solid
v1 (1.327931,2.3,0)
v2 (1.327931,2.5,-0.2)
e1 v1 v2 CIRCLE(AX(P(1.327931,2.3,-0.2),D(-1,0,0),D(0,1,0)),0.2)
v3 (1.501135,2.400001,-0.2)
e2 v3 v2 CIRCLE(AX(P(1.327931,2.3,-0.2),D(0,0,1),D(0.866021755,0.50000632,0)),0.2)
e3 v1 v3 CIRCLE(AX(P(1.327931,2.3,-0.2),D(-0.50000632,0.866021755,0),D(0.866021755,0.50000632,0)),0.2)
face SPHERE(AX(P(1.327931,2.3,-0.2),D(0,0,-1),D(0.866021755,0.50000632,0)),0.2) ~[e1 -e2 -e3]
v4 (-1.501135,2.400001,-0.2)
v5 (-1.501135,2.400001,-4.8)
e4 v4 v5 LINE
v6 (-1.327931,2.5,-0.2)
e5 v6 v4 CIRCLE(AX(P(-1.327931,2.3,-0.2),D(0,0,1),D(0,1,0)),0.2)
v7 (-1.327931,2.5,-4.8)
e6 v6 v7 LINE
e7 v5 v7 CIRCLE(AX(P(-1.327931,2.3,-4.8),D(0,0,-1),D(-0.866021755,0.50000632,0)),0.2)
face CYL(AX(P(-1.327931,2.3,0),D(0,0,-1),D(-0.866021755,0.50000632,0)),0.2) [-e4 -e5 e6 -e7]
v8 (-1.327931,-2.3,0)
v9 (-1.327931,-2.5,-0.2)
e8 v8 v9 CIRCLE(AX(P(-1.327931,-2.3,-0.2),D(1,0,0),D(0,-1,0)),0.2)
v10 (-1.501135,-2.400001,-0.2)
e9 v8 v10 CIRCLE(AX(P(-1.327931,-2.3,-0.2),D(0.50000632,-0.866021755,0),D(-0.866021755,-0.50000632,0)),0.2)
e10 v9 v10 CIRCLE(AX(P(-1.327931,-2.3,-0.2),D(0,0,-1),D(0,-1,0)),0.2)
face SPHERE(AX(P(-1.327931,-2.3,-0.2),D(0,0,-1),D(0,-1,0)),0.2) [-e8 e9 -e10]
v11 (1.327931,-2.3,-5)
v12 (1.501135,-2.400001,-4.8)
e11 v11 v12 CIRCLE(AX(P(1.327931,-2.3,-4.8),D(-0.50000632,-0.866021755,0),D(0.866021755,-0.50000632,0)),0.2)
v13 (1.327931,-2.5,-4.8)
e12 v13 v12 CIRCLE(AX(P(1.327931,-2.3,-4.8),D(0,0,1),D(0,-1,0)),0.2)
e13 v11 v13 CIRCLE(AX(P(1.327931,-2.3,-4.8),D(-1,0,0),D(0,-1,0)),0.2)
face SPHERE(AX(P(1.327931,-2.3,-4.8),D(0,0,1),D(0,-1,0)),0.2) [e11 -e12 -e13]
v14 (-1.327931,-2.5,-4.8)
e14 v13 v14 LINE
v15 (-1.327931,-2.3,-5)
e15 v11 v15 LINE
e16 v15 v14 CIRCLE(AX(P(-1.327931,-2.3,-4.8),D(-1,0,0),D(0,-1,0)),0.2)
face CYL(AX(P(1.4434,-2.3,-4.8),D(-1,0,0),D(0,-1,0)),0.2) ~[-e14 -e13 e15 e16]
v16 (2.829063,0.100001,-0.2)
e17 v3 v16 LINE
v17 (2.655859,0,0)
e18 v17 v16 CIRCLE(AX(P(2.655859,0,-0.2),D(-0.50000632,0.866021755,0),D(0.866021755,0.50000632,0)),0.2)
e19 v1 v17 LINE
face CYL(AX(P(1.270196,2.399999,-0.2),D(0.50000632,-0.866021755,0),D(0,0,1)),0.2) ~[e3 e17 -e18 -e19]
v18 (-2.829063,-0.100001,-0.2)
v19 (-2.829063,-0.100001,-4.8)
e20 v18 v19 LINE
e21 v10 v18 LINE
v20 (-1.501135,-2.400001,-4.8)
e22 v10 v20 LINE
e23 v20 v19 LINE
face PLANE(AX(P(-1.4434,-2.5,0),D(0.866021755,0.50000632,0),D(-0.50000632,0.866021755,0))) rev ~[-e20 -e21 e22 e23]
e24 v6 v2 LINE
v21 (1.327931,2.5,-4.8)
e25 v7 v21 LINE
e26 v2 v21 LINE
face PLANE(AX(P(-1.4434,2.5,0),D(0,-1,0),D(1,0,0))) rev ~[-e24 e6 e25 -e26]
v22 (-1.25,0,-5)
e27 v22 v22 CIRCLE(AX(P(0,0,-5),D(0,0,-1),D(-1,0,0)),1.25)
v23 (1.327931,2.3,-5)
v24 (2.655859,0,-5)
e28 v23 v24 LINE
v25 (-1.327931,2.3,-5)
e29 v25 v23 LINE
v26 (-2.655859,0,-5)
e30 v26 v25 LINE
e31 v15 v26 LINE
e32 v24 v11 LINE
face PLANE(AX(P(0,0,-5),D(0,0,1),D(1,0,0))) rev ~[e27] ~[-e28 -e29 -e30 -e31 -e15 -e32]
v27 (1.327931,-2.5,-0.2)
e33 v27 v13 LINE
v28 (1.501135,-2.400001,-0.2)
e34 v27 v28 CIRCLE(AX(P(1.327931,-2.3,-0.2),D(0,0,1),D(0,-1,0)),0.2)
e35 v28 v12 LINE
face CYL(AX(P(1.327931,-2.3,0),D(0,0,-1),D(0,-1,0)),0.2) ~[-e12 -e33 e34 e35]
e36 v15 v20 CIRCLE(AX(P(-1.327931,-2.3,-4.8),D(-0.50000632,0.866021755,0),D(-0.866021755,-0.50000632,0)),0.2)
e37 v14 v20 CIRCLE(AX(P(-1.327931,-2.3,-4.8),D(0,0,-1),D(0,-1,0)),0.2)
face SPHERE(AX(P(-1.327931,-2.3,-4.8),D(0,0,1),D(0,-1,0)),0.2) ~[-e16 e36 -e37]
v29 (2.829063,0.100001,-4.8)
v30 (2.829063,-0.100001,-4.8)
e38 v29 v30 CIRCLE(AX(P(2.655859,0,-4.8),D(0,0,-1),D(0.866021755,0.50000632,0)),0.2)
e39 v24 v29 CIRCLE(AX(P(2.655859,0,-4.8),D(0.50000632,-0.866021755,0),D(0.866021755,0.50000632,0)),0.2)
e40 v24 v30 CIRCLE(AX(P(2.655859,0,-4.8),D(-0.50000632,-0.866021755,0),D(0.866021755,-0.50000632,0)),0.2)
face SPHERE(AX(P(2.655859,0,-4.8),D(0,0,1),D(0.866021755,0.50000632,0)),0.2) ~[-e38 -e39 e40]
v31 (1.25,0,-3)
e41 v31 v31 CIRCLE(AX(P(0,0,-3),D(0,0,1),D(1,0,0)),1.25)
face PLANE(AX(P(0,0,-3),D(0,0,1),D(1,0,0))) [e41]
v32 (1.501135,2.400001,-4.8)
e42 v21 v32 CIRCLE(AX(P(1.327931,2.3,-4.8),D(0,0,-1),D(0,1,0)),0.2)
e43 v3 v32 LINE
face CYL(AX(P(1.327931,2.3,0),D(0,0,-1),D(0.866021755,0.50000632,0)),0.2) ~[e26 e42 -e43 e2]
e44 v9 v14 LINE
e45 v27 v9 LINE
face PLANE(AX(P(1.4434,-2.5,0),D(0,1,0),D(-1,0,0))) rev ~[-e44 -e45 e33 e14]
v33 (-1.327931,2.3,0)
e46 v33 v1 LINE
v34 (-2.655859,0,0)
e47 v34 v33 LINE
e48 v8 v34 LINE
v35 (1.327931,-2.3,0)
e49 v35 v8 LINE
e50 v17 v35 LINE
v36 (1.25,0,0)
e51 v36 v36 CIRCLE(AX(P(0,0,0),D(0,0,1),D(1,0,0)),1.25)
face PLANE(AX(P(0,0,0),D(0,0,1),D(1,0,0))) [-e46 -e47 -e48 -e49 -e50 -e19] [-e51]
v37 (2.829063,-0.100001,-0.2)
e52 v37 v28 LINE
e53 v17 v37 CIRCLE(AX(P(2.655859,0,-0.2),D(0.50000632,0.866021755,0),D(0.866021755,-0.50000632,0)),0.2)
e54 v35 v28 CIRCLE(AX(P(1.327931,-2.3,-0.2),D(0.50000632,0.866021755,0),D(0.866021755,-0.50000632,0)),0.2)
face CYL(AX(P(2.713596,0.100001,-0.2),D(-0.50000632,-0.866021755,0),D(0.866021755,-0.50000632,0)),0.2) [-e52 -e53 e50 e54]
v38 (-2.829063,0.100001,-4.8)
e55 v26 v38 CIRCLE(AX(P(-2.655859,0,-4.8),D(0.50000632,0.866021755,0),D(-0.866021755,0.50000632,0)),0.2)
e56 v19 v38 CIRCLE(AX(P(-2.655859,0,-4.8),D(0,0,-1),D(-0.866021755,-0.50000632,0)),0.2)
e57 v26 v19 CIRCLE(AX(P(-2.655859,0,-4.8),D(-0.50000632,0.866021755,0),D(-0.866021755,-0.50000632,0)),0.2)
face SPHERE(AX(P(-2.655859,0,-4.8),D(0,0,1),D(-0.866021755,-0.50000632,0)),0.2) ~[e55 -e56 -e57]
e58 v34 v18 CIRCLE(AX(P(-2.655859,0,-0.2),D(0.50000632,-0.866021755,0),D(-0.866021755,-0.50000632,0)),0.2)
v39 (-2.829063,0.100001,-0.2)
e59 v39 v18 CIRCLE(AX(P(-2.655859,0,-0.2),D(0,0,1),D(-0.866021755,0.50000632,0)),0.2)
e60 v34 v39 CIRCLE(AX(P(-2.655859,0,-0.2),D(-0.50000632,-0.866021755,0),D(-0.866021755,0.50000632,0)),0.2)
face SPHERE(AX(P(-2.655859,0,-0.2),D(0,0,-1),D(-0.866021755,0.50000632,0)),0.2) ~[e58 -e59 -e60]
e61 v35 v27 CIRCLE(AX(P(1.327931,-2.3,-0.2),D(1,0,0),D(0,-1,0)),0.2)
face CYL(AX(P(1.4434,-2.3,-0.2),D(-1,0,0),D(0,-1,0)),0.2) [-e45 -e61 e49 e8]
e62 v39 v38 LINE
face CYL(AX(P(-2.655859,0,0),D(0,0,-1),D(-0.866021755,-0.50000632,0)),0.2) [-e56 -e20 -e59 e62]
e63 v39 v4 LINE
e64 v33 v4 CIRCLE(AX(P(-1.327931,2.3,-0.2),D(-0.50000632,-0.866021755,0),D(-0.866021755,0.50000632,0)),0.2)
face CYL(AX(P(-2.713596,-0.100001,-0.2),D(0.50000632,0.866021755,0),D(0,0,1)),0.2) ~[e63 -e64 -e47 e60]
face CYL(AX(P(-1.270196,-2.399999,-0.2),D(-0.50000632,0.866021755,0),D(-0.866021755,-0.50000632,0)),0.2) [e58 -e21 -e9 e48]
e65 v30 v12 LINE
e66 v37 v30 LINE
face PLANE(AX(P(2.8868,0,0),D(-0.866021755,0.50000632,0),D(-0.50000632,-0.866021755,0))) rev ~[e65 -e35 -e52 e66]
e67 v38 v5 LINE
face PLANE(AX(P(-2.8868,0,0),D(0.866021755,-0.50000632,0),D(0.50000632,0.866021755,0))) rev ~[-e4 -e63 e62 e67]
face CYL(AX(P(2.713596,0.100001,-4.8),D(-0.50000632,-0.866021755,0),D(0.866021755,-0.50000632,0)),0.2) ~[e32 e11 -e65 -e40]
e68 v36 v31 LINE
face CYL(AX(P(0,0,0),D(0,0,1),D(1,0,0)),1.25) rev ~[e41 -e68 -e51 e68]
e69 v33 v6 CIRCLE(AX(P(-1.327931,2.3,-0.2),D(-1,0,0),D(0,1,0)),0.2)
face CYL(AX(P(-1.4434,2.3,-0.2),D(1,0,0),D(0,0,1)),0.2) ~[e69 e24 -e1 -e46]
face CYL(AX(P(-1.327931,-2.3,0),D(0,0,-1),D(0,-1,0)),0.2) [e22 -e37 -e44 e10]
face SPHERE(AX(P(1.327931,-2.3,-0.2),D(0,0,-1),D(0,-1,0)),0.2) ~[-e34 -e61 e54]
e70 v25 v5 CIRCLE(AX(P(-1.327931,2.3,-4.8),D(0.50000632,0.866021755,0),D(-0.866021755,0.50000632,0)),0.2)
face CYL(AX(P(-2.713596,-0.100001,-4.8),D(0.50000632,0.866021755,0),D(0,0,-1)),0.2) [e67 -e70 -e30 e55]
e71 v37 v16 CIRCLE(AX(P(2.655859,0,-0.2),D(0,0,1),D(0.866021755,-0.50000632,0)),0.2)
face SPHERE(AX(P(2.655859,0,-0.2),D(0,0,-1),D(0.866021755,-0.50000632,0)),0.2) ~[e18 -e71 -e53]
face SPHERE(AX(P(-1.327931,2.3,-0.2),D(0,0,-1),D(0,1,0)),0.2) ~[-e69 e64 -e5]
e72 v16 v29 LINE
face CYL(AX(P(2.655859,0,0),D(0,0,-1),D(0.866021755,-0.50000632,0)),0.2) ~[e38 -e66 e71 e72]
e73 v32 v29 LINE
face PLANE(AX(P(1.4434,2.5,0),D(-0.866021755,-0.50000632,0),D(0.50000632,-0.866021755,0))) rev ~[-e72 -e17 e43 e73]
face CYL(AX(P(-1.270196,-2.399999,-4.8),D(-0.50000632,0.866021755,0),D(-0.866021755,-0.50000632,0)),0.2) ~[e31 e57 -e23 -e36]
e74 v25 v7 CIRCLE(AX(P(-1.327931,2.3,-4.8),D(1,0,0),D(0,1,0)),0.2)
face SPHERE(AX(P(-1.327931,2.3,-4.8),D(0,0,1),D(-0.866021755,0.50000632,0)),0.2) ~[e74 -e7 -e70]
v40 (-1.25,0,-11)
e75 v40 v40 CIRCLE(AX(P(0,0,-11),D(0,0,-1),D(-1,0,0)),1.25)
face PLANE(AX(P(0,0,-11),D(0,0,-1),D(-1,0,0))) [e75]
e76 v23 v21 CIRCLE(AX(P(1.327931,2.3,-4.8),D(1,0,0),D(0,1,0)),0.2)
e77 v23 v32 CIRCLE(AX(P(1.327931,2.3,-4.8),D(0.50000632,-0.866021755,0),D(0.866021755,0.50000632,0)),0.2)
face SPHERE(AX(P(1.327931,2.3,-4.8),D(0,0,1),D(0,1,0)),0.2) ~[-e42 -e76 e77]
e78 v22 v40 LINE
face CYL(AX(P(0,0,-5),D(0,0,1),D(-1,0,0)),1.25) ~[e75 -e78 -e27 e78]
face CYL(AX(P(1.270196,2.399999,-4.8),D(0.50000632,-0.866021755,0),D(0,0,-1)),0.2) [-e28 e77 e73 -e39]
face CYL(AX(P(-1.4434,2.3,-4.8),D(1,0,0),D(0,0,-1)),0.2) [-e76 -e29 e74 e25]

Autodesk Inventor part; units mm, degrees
ref_plane "YZ Plane" through (0, 0, 0) normal (1, 0, 0) x (0, 1, 0)
ref_plane "XZ Plane" through (0, 0, 0) normal (0, 1, 0) x (-1, 0, 0)
ref_plane "XY Plane" through (0, 0, 0) normal (0, 0, 1) x (1, 0, 0)
sketch "Sketch1" plane through (0, 0, 0) normal (0, 0, 1) x (1, 0, 0)
  line L0 (1.4434, -2.5) -> (-1.4434, -2.5)
  line L1 (-1.4434, -2.5) -> (-2.8868, 0)
  line L2 (-2.8868, 0) -> (-1.4434, 2.5)
  line L3 (-1.4434, 2.5) -> (1.4434, 2.5)
  line L4 (1.4434, 2.5) -> (2.8868, 0)
  line L5 (2.8868, 0) -> (1.4434, -2.5)
  point P0 (0, 0)
  point P1 (0, 0)
  dimension "d0" = 5
extrude "Extrusion1" add sketch "Sketch1" against normal blind 5
sketch "Sketch2" plane through (0, 0, 0) normal (0, 0, 1) x (1, 0, 0)
  circle A0 centre (0, 0) radius 1.25
  dimension "d3" = 2.5
extrude "Extrusion2" cut sketch "Sketch2" against normal blind 3
sketch "Sketch3" plane through (0, 0, -5) normal (0, 0, -1) x (-1, 0, 0)
  circle A0 centre (0, 0) radius 1.25
  dimension "d6" = 2.5
extrude "Extrusion3" add sketch "Sketch3" along normal blind 6
thread "Thread1" size "M2.5x0.45" class "6g" standard "ISO Metric profile" full length
thread "Thread2" size "M2.5x0.45" class "6H" standard "ISO Metric profile" full length
fillet "Fillet1" radius 0.2 12 edges at (0, -2.5, -5) (-2.1651, -1.25, -5) (-2.1651, 1.25, -5) (0, 2.5, -5) (2.1651, 1.25, -5) (2.1651, -1.25, -5) (0, -2.5, 0) (2.1651, -1.25, 0) (2.1651, 1.25, 0) (0, 2.5, 0) (-2.1651, 1.25, 0) (-2.1651, -1.25, 0)
fillet "Fillet1" radius 0.2 6 edges at (-2.8868, 0, -2.5) (-1.4434, 2.5, -2.5) (1.4434, 2.5, -2.5) (2.8868, 0, -2.5) (1.4434, -2.5, -2.5) (-1.4434, -2.5, -2.5)
equation "\"d0\" = m3hs_hexDiam"
equation "\"d1\" = m3hs_bodyLength"
equation "\"d3\" = m3hs_threadDiam"
equation "\"d4\" = m3hs_holeDepth"
equation "\"d6\" = m3hs_threadDiam"
equation "\"d7\" = m3hs_studLength"
equation "\"d13\" = m3hs_rounding"
equation "\"m3hs_hexDiam\" = 5"
equation "\"m3hs_bodyLength\" = 5"
equation "\"m3hs_holeDepth\" = 3"
equation "\"m3hs_studLength\" = 6"
equation "\"m3hs_rounding\" = 0.2"
equation "\"m3hs_threadDiam\" = 2.5"
properties part number "M2.5 Hex Spacer 5mm" material "Stainless Steel"
